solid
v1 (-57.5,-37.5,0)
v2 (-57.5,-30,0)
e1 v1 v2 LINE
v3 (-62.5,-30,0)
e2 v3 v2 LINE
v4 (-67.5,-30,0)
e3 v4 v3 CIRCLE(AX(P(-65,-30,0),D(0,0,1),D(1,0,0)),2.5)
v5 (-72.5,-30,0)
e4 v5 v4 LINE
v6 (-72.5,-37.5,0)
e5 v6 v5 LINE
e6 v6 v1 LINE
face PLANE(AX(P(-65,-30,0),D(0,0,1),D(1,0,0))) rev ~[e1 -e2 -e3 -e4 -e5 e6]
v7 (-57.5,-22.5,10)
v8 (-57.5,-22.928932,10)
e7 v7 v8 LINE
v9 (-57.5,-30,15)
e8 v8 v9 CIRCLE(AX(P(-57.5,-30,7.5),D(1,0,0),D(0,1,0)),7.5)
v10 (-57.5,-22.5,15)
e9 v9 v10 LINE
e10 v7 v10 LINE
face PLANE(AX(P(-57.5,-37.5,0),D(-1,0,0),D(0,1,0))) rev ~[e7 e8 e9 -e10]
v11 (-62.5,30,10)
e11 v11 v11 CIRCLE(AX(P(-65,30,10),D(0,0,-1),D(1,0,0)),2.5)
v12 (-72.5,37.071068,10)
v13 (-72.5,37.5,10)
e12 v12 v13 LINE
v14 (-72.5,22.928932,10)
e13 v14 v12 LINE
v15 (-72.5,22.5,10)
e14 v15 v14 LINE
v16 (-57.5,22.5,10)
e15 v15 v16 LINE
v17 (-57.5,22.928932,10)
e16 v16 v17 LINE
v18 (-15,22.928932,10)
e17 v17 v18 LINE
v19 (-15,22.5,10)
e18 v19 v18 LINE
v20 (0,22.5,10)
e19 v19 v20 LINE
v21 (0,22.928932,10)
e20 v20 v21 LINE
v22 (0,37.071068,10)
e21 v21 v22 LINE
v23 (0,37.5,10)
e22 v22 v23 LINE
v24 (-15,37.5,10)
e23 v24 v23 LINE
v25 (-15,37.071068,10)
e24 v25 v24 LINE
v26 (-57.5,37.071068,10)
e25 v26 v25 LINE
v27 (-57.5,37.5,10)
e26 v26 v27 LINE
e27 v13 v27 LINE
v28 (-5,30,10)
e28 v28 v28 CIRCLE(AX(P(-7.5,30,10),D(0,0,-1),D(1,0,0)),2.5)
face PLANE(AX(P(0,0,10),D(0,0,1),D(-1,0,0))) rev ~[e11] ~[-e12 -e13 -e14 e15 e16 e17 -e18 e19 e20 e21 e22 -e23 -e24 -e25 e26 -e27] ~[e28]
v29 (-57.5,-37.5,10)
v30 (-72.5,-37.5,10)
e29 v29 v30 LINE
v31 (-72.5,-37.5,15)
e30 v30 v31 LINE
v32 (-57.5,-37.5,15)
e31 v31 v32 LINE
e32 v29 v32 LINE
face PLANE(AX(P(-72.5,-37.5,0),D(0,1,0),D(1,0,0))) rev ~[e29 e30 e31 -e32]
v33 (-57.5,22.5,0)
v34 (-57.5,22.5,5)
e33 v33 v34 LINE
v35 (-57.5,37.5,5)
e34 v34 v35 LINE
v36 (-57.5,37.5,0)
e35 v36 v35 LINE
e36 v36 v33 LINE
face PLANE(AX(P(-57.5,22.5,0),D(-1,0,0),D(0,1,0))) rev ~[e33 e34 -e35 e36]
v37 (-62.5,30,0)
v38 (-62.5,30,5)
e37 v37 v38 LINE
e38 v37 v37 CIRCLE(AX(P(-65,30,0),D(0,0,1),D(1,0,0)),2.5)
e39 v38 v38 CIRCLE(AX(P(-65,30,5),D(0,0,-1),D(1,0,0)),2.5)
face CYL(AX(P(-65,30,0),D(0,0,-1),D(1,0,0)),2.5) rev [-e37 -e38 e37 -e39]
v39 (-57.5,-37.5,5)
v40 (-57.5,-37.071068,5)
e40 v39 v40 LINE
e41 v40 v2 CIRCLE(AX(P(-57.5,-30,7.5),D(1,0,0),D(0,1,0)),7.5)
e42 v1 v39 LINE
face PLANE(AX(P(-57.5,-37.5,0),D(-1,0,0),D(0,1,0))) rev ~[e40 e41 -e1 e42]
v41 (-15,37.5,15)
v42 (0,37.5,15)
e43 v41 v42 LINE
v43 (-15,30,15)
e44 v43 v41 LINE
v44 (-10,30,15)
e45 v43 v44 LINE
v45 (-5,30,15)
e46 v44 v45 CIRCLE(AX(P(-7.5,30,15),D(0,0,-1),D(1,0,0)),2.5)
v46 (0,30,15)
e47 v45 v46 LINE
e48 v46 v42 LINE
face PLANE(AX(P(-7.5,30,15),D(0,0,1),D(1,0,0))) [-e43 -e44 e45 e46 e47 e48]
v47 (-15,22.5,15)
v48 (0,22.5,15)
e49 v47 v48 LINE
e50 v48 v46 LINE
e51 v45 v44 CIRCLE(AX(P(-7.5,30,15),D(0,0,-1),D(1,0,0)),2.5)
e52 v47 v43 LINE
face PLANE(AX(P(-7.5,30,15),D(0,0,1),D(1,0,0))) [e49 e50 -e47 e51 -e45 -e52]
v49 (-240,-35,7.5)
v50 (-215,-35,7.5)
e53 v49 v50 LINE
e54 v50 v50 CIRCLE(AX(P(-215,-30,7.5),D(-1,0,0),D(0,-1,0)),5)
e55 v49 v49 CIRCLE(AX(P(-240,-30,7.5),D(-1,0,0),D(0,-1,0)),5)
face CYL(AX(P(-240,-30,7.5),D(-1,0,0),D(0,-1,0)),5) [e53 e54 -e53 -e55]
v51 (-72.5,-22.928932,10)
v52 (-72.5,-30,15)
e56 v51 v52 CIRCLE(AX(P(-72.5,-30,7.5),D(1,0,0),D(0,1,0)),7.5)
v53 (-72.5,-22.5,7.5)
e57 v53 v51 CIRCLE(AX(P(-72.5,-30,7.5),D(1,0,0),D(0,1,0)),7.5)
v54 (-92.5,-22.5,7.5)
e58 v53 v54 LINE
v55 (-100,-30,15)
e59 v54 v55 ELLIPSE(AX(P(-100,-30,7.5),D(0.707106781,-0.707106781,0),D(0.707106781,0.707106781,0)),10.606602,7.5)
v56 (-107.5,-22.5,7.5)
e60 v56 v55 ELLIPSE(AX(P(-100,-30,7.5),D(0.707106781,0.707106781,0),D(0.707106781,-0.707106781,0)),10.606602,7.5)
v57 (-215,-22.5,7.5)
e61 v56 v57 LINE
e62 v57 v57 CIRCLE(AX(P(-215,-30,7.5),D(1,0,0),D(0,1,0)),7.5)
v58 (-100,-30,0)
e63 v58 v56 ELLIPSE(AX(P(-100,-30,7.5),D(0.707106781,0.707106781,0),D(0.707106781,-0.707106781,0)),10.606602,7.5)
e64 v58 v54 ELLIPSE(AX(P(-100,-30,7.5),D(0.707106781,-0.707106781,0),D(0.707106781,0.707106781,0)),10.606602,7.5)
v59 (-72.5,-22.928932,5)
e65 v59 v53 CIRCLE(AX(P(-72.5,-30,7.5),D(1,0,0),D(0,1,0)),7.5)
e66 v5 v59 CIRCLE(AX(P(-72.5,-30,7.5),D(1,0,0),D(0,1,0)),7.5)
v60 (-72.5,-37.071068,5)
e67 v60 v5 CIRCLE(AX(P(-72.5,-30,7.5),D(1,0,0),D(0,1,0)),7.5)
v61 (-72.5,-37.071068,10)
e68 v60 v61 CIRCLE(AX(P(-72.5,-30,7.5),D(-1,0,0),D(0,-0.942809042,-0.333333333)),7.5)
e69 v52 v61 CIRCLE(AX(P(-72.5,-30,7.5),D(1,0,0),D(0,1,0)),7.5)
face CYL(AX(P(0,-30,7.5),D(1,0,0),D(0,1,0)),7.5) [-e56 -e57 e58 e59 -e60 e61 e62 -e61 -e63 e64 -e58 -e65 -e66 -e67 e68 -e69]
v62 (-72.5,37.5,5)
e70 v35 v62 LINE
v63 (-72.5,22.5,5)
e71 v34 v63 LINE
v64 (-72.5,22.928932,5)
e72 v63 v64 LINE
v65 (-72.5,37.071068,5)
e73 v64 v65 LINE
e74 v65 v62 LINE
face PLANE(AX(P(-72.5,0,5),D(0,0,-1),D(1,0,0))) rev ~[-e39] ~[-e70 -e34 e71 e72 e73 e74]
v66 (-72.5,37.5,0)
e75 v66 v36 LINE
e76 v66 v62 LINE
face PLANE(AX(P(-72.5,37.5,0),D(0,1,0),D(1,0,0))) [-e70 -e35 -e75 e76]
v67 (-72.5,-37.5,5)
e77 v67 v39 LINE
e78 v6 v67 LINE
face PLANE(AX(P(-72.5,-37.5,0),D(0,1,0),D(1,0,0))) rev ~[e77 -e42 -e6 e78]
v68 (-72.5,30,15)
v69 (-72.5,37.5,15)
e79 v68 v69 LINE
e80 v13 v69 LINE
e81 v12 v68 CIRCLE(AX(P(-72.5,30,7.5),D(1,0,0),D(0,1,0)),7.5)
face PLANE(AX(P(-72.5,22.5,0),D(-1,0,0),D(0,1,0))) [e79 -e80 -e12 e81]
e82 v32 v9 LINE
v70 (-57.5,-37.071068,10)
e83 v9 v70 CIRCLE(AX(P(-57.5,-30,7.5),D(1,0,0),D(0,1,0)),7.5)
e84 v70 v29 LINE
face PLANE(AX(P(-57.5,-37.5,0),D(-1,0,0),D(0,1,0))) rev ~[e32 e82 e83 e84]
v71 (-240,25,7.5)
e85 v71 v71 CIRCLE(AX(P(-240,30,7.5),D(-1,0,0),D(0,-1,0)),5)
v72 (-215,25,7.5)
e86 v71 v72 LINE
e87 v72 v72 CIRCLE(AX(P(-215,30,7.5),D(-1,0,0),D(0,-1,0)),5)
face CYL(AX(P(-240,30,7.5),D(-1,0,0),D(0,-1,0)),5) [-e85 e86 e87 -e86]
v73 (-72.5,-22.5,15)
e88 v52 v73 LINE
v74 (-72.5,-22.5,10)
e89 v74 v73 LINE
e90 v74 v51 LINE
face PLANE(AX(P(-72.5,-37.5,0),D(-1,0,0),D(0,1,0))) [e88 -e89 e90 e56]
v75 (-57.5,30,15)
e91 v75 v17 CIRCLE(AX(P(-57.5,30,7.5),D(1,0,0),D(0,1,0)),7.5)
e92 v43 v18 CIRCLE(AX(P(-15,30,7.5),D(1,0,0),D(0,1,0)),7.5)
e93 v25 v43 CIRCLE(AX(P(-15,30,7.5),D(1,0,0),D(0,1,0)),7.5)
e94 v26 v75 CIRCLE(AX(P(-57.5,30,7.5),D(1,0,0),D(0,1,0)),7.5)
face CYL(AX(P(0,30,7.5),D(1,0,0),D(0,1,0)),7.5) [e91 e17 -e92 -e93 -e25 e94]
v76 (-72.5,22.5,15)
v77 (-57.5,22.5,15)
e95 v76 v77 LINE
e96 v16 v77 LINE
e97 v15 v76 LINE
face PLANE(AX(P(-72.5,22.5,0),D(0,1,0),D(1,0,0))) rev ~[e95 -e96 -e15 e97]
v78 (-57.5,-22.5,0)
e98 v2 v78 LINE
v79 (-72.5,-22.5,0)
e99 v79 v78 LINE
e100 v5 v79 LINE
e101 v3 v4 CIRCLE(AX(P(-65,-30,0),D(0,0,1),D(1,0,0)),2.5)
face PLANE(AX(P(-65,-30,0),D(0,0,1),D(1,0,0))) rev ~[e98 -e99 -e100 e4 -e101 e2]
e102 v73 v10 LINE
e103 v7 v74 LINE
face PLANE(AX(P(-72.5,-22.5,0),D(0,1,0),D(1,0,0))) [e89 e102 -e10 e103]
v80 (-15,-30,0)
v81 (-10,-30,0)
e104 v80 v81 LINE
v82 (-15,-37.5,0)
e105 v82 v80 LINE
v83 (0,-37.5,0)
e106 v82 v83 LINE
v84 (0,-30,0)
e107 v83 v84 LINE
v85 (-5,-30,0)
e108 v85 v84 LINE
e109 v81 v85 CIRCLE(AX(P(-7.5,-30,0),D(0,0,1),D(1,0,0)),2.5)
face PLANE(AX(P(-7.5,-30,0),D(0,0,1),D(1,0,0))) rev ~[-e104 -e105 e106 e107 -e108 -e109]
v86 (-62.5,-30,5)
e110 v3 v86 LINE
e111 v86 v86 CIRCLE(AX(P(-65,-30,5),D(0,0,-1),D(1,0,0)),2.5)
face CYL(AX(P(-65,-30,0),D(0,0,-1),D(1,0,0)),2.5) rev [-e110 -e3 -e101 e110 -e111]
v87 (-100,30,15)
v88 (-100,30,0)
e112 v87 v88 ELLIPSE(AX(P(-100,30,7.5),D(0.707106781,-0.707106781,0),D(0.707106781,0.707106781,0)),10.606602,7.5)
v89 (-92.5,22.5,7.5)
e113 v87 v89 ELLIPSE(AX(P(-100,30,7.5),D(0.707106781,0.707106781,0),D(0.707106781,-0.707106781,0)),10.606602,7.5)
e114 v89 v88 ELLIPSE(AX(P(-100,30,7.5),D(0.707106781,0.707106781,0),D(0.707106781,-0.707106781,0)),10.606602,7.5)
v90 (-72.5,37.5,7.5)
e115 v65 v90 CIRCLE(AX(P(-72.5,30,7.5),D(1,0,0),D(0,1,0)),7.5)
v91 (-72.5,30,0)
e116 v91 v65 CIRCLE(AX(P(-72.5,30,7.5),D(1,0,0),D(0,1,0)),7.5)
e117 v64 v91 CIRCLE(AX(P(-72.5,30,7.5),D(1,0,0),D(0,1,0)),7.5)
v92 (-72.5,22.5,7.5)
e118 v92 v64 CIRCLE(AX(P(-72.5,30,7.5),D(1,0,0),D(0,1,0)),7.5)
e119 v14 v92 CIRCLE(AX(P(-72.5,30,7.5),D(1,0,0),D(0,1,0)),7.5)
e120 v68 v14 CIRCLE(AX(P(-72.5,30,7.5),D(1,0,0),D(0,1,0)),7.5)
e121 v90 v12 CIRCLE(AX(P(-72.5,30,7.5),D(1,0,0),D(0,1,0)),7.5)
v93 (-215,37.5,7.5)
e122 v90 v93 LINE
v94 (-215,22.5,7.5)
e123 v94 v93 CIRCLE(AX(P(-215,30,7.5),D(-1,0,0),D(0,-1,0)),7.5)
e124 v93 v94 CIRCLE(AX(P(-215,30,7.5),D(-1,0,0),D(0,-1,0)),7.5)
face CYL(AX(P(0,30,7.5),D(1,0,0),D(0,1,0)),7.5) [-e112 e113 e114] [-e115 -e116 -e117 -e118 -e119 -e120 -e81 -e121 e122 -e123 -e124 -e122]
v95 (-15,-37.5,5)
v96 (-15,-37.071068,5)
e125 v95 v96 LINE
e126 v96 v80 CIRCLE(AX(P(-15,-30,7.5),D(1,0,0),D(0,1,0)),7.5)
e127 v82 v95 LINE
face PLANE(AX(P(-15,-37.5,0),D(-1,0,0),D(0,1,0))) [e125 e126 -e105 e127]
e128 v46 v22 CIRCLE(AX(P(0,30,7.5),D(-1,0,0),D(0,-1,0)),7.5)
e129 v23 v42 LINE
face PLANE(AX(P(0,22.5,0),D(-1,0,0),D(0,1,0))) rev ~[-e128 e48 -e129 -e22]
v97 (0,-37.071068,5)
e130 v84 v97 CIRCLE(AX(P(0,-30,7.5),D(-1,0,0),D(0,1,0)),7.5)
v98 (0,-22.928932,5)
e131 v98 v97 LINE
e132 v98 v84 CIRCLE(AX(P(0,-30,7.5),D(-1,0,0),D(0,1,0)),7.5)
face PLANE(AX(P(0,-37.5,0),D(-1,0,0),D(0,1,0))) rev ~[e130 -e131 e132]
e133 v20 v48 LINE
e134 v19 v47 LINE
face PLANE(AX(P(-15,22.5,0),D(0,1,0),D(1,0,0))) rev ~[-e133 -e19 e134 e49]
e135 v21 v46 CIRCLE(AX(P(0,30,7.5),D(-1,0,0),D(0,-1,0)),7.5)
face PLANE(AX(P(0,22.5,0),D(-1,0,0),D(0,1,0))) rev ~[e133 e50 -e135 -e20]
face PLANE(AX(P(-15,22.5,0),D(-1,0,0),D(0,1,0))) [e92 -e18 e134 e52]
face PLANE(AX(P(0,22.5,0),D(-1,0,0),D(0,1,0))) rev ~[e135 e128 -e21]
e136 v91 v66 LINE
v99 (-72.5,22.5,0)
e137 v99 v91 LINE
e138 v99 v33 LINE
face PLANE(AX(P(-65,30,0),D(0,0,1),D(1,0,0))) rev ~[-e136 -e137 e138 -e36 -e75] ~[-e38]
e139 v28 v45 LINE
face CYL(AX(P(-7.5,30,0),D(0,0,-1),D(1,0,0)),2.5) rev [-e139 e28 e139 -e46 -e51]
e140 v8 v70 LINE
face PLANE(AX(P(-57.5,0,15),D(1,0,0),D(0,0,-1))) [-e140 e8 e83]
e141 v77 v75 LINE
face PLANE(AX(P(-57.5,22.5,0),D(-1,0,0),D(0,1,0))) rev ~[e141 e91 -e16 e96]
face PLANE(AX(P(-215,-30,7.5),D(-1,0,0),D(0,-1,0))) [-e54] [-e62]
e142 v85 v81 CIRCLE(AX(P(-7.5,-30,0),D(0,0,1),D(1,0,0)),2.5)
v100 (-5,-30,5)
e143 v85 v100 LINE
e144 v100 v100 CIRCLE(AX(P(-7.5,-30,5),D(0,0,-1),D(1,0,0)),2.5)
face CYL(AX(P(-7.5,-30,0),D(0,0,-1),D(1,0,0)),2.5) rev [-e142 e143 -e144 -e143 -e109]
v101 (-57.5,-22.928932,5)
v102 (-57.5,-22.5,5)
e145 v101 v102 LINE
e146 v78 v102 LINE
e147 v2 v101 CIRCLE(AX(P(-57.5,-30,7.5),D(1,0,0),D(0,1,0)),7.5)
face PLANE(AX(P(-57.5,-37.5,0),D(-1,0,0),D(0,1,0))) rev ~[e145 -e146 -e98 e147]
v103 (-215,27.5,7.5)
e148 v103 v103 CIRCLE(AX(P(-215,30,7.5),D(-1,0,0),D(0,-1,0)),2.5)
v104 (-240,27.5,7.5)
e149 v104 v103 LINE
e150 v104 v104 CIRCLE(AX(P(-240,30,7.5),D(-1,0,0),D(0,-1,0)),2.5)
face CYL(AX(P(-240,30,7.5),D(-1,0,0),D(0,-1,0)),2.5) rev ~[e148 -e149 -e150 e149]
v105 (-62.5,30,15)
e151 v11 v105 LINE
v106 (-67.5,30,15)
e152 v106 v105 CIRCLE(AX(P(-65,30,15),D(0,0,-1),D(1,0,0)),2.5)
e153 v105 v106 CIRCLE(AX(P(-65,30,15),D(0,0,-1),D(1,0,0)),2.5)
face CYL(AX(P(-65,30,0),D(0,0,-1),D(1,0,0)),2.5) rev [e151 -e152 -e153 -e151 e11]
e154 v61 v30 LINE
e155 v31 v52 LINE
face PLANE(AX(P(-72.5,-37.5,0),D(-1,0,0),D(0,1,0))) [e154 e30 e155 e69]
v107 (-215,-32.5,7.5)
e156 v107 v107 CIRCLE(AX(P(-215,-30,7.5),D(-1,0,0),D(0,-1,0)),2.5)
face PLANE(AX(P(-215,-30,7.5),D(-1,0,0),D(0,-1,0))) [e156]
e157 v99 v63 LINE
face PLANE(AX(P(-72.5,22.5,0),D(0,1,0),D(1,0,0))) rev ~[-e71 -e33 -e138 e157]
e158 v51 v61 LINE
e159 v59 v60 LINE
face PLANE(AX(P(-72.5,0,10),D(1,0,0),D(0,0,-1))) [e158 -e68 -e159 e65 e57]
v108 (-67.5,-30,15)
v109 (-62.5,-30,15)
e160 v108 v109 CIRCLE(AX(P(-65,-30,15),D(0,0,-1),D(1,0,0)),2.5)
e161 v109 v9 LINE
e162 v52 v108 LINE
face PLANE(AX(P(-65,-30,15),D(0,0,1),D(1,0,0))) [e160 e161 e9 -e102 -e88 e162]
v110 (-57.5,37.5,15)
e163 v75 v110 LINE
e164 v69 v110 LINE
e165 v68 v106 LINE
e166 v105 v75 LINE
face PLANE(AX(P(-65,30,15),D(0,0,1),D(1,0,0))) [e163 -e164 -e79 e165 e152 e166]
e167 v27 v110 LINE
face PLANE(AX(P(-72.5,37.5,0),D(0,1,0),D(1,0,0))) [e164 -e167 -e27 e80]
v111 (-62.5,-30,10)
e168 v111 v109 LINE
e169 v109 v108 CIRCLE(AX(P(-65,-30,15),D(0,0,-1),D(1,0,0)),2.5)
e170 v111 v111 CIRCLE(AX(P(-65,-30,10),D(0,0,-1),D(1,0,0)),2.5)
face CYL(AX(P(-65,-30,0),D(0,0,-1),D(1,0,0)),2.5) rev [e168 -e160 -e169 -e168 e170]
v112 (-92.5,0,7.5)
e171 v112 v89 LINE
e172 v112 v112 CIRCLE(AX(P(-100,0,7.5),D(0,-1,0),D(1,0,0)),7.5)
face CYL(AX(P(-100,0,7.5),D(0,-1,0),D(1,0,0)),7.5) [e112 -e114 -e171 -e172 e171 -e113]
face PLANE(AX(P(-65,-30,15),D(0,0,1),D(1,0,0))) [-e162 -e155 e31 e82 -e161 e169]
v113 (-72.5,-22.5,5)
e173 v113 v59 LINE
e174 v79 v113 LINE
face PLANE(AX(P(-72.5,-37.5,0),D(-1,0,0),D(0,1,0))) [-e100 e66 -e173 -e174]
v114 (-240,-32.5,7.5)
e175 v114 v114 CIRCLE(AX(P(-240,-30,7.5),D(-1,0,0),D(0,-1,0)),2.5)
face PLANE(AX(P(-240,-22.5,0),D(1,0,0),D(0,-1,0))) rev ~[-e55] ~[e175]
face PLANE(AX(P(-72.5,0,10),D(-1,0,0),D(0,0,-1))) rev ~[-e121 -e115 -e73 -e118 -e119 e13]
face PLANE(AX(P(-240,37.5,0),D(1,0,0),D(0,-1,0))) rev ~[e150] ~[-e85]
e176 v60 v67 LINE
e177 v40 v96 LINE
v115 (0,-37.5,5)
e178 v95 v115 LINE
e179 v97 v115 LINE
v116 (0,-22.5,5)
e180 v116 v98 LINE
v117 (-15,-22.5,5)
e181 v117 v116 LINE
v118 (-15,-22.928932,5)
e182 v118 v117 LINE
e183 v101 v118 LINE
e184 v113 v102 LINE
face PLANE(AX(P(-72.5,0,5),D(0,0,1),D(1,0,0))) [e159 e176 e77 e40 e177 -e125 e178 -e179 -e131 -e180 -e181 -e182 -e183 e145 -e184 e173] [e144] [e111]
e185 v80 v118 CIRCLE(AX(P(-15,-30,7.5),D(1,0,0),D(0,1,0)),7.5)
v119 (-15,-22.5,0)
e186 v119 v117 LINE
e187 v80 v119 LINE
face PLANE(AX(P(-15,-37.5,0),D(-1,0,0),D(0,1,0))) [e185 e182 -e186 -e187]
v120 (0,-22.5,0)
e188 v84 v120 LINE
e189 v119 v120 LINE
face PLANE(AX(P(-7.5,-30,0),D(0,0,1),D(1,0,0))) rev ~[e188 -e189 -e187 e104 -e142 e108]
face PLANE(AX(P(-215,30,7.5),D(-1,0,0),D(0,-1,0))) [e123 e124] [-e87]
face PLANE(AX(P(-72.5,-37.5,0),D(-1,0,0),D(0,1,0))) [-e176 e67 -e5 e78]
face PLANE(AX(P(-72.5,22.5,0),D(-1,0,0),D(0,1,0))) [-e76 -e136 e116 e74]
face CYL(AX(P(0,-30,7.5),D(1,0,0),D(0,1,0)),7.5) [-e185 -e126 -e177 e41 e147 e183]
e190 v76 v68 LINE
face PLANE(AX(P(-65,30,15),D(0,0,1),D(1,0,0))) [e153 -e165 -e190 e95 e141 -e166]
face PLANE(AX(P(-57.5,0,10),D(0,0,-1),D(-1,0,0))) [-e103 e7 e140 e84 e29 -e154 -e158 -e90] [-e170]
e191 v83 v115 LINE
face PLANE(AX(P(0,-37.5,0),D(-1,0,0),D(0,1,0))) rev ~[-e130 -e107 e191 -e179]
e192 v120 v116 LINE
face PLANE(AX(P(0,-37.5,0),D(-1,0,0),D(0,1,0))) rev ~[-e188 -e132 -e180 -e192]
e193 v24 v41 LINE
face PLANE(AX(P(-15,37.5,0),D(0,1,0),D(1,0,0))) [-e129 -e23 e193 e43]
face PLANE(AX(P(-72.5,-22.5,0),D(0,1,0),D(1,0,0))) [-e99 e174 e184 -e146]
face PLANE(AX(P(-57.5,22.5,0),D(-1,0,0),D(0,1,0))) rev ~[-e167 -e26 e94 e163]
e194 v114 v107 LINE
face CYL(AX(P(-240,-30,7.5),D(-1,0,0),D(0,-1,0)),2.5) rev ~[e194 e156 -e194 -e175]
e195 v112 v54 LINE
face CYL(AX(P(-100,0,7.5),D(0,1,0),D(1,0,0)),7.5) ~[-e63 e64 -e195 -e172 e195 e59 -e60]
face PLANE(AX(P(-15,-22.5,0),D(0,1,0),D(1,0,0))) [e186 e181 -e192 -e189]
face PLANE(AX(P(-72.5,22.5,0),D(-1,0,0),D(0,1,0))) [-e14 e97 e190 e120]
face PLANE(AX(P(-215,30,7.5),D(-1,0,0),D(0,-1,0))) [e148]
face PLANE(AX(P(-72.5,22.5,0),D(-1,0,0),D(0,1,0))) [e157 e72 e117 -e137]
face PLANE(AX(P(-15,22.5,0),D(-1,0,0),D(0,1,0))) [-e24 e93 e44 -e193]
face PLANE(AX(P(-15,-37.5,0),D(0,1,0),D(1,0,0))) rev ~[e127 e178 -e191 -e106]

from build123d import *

# Parameters (mm, degrees)
F1_DEPTH      = 15
F2_R          = 7.5
F3_DEPTH      = 240
F4_R          = 7.5
F5_DEPTH      = 30
F5_DEPTH_BACK = 30
F6_W          = 15
F6_H          = 15
F7_DEPTH      = 15
F9_DEPTH      = 40.1
F11_DEPTH     = 54.1
F12_R         = 2.5
F13_DEPTH     = 25
F15_R         = 2.5
F16_DEPTH     = 25
F17_R         = 7.5
F17_R_2       = 5
F18_DEPTH     = 25


with BuildPart() as f1:
    # F0 (on Top) → F1 (new body)
    with BuildSketch(Plane.XY):
        Polygon((-240, -22.5), (-240, -37.5), (0, -37.5), (0, -22.5), (-100, -22.5), (-100, 22.5), (0, 22.5), (0, 37.5), (-240, 37.5), (-240, 22.5), (-115, 22.5), (-115, -22.5), align=None)
    extrude(amount=F1_DEPTH)

    # F2 (on Right) → F3 (intersect)
    with BuildSketch(Plane.YZ):
        with Locations((-30, 7.5)):
            Circle(F2_R)
        with Locations((30, 7.5)):
            Circle(F2_R)
    extrude(amount=-F3_DEPTH, mode=Mode.INTERSECT)

    # F4 (on Front) → F5 (join, two sides)
    with BuildSketch(Plane.XZ) as f5_sk:
        with Locations((-100, 7.5)):
            Circle(F4_R)
    extrude(amount=F5_DEPTH)
    extrude(f5_sk.sketch, amount=-F5_DEPTH_BACK)

    # F6 (on Top) → F7 (join)
    with BuildSketch(Plane.XY):
        with Locations((-65, 30)):
            Rectangle(F6_W, F6_H)
        with Locations((-65, -30)):
            Rectangle(F6_W, F6_H)
        with Locations((-7.5, 30)):
            Rectangle(F6_W, F6_H)
        with Locations((-7.5, -30)):
            Rectangle(F6_W, F6_H)
    extrude(amount=F7_DEPTH)

    # F8 (on Front) → F9 (cut)
    with BuildSketch(Plane.XZ):
        Polygon((0, 0), (0, 10), (-72.5, 10), (-72.5, 5), (-57.5, 5), (-57.5, 0), align=None)
    extrude(amount=-F9_DEPTH, mode=Mode.SUBTRACT)

    # F10 (on Front) → F11 (cut)
    with BuildSketch(Plane.XZ):
        Polygon((0, 5), (0, 15), (-57.5, 15), (-57.5, 10), (-72.5, 10), (-72.5, 5), (-57.5, 5), align=None)
    extrude(amount=F11_DEPTH, mode=Mode.SUBTRACT)

    # F12 (on Top) → F13 (cut)
    with BuildSketch(Plane.XY):
        with Locations((-65, 30)):
            Circle(F12_R)
        with Locations((-65, -30)):
            Circle(F12_R)
        with Locations((-7.5, -30)):
            Circle(F12_R)
        with Locations((-7.5, 30)):
            Circle(F12_R)
    extrude(amount=F13_DEPTH, mode=Mode.SUBTRACT)

    # F15 (on offset) → F16 (cut)
    with BuildSketch(Plane(origin=(-240, 0, 0), x_dir=(0, -1, 0), z_dir=(-1, 0, 0))):
        with Locations((30, 7.5)):
            Circle(F15_R)
        with Locations((-30, 7.5)):
            Circle(F15_R)
    extrude(amount=-F16_DEPTH, mode=Mode.SUBTRACT)

    # F17 (on offset) → F18 (cut)
    with BuildSketch(Plane(origin=(-240, 0, 0), x_dir=(0, -1, 0), z_dir=(-1, 0, 0))):
        with Locations((30, 7.5)):
            Circle(F17_R)
        with Locations((30, 7.5)):
            Circle(F17_R_2, mode=Mode.SUBTRACT)
        with Locations((-30, 7.5)):
            Circle(F17_R)
        with Locations((-30, 7.5)):
            Circle(F17_R_2, mode=Mode.SUBTRACT)
    extrude(amount=-F18_DEPTH, mode=Mode.SUBTRACT)


solid = f1.part
